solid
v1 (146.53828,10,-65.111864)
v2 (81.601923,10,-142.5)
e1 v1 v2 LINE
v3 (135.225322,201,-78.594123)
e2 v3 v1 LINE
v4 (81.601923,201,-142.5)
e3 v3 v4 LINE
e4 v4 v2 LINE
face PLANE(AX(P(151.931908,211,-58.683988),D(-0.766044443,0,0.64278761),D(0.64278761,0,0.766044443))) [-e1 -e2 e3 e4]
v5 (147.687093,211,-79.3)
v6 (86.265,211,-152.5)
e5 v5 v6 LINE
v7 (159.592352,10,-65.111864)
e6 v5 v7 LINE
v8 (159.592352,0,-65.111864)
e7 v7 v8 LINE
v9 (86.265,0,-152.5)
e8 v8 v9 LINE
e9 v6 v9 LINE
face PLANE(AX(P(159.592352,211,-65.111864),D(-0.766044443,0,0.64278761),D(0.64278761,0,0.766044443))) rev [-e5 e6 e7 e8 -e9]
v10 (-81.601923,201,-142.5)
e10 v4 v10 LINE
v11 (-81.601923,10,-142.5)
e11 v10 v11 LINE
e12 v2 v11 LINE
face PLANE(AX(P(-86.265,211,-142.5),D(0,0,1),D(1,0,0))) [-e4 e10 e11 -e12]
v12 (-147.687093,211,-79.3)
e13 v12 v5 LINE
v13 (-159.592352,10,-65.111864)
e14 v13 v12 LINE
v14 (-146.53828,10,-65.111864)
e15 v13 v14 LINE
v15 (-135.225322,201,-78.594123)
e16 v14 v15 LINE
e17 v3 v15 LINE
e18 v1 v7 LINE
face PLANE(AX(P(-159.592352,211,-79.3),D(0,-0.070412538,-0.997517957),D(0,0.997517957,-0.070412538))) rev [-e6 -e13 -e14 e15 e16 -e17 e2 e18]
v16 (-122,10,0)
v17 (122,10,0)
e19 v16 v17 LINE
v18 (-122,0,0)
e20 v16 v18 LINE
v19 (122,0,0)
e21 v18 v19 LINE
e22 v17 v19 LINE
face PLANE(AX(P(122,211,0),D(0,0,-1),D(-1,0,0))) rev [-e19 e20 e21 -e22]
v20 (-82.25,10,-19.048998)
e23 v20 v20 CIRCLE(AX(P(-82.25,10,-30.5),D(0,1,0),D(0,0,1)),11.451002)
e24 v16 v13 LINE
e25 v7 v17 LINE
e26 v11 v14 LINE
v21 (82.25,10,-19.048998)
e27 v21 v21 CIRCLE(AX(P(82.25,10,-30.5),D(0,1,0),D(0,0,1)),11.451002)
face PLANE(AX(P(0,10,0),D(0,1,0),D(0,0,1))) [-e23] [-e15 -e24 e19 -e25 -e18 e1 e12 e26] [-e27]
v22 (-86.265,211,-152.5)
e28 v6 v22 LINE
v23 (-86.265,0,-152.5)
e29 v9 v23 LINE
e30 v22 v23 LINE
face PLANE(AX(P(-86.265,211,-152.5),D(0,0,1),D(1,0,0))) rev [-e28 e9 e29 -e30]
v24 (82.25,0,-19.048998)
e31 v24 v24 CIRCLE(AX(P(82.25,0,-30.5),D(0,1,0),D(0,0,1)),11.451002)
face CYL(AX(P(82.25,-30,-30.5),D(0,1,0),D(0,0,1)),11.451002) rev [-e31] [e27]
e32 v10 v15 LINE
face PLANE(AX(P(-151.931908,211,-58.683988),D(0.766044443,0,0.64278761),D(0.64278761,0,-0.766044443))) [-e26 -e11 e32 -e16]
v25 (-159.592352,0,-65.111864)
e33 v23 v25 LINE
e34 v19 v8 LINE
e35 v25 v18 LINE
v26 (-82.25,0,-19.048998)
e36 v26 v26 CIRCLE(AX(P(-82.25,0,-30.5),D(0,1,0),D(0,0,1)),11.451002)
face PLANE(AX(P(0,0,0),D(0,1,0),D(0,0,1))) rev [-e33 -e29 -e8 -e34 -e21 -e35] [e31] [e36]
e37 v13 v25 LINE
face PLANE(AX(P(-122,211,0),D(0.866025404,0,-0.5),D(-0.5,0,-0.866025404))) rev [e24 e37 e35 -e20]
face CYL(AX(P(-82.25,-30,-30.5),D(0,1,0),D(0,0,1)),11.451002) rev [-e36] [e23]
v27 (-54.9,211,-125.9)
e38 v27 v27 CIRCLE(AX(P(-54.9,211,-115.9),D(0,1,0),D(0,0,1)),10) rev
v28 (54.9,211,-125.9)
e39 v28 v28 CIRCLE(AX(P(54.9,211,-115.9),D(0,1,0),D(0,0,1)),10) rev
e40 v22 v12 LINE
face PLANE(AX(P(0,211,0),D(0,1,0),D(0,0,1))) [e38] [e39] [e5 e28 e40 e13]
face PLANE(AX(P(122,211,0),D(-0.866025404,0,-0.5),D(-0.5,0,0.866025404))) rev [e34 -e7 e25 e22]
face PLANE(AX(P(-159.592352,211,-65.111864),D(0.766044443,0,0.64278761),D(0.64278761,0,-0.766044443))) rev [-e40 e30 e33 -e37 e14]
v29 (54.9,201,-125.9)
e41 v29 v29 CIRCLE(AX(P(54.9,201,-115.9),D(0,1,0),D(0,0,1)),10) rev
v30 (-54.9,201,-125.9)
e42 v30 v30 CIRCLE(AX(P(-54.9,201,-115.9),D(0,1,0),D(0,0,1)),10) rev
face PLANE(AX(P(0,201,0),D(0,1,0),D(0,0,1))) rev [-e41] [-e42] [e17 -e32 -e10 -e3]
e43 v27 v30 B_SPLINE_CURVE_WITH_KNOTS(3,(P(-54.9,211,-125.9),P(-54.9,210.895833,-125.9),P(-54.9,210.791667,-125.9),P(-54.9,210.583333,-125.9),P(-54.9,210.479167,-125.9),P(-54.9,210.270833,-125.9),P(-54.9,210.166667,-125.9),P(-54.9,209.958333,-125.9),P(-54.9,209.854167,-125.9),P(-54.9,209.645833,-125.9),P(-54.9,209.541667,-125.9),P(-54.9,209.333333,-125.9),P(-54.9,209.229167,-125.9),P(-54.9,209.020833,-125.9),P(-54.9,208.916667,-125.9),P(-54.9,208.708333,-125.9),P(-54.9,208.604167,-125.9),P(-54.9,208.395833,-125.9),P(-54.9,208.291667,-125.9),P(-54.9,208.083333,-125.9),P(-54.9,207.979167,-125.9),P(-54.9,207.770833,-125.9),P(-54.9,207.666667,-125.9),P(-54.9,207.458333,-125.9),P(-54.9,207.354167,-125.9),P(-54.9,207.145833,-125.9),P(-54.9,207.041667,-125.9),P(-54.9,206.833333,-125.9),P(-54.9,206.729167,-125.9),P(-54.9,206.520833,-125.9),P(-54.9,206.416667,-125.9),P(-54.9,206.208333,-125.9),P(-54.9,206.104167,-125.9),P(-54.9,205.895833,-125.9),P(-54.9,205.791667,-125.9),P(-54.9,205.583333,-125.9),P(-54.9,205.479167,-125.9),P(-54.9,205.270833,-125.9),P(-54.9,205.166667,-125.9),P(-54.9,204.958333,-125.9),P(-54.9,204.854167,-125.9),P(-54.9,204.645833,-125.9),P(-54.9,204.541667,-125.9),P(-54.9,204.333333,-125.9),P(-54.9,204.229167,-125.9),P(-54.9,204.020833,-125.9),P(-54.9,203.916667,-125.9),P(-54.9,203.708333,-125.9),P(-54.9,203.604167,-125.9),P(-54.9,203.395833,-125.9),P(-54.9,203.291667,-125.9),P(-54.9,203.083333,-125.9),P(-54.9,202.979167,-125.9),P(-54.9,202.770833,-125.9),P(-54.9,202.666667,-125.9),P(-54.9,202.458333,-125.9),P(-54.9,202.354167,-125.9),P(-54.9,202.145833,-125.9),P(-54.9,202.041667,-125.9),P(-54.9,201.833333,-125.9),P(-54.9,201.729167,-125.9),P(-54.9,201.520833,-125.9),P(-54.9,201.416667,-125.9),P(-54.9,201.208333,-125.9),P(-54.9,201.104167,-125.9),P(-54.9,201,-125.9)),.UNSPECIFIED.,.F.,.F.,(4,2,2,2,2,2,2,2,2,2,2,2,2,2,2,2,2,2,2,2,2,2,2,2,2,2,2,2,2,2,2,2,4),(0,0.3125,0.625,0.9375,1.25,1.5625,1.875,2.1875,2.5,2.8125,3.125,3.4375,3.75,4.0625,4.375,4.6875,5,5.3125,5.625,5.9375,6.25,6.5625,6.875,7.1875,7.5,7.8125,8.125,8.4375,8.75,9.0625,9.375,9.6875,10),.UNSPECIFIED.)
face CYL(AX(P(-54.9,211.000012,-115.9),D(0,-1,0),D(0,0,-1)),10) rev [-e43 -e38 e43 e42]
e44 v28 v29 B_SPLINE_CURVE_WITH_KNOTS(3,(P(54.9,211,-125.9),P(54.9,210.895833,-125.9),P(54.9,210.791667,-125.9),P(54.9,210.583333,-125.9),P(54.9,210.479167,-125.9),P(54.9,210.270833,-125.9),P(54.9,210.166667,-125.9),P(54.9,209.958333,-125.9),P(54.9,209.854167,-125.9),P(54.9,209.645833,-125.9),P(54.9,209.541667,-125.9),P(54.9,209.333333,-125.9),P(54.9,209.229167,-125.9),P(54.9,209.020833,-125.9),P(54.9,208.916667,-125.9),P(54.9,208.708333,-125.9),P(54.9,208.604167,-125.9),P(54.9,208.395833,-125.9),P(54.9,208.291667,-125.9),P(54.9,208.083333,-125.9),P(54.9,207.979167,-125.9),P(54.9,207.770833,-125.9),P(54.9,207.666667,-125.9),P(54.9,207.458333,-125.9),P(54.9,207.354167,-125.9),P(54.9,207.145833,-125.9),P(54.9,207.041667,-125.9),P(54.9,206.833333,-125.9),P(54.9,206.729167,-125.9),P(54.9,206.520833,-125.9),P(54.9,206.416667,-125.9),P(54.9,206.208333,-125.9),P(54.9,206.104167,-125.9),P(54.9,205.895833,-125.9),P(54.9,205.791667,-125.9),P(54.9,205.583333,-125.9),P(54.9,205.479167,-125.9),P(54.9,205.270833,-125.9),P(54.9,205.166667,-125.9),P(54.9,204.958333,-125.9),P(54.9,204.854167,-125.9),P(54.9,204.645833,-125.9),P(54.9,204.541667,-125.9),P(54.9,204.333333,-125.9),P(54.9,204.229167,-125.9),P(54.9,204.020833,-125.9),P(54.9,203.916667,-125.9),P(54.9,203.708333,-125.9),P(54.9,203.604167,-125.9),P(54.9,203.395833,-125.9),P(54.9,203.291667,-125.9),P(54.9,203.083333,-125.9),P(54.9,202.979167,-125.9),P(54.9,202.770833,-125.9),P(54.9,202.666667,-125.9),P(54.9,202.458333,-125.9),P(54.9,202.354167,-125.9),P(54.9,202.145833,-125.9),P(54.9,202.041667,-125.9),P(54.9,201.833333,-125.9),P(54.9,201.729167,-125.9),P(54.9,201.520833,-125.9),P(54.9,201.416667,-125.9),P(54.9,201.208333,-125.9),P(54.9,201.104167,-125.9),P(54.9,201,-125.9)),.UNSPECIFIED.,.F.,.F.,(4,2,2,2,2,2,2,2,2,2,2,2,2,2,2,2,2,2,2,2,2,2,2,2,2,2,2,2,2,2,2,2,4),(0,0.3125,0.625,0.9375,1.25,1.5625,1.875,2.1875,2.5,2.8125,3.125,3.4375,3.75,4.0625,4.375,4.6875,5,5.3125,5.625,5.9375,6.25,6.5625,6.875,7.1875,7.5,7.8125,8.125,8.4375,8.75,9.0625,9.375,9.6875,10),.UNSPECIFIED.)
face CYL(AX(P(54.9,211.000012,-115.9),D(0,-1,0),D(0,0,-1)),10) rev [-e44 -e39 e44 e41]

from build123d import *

# Parameters (mm, degrees)
EXTRUDE_1_DEPTH          = 211
SHELL_1_T                = 10
CUT_EXTRUDE_1_DEPTH      = 306.363666708
CUT_EXTRUDE_1_DEPTH_BACK = 306.363666708
CUT_EXTRUDE_2_DEPTH      = 306.363666708
CUT_EXTRUDE_2_DEPTH_BACK = 40
SKETCH_3_R               = 10
SKETCH_4_R               = 11.451002367
CUT_EXTRUDE_3_DEPTH      = 40


with BuildPart() as part:
    # 草图1 → 凸台-拉伸1 (new body)
    with BuildSketch(Plane(origin=(0, 0, 0), x_dir=(1, 0, 0), z_dir=(0, 1, 0))):
        Polygon((122, 0), (-122, 0), (-159.592352403, 65.111864338), (-86.265, 152.5), (86.265, 152.5), (159.592352403, 65.111864338), align=None)
    extrude(amount=EXTRUDE_1_DEPTH)

    # 抽壳1 (no face opened: a closed hollow body)
    add(offset(amount=-SHELL_1_T, mode=Mode.PRIVATE), mode=Mode.SUBTRACT)

    # 草图2 → 切除-拉伸1 (cut, two sides: drawn at the far end of the back side and taken through both)
    with BuildSketch(Plane(origin=(0, 0, 0), x_dir=(0, 0, -1), z_dir=(1, 0, 0)).offset(-CUT_EXTRUDE_1_DEPTH_BACK)):
        Polygon((79.3, 211), (65.111864338, 10), (0, 10), (0, 211), align=None)
    extrude(amount=CUT_EXTRUDE_1_DEPTH + CUT_EXTRUDE_1_DEPTH_BACK, mode=Mode.SUBTRACT)

    # 草图3 → 切除-拉伸2 (cut, two sides: drawn at the far end of the back side and taken through both)
    with BuildSketch(Plane(origin=(0, 211, 0), x_dir=(1, 0, 0), z_dir=(0, 1, 0)).offset(-CUT_EXTRUDE_2_DEPTH_BACK)):
        with Locations(Location((-54.9, 115.9, 0), (0, 0, 90))):
            Circle(SKETCH_3_R)
        with Locations(Location((54.9, 115.9, 0), (0, 0, 90))):
            Circle(SKETCH_3_R)
    extrude(amount=CUT_EXTRUDE_2_DEPTH + CUT_EXTRUDE_2_DEPTH_BACK, mode=Mode.SUBTRACT)

    # 草图4 → 切除-拉伸3 (cut)
    with BuildSketch(Plane(origin=(0, 10, 0), x_dir=(1, 0, 0), z_dir=(0, 1, 0))):
        with Locations(Location((-82.25, 30.5, 0), (0, 0, 270))):
            Circle(SKETCH_4_R)
        with Locations(Location((82.25, 30.5, 0), (0, 0, 270))):
            Circle(SKETCH_4_R)
    extrude(amount=-CUT_EXTRUDE_3_DEPTH, mode=Mode.SUBTRACT)


solid = part.part
